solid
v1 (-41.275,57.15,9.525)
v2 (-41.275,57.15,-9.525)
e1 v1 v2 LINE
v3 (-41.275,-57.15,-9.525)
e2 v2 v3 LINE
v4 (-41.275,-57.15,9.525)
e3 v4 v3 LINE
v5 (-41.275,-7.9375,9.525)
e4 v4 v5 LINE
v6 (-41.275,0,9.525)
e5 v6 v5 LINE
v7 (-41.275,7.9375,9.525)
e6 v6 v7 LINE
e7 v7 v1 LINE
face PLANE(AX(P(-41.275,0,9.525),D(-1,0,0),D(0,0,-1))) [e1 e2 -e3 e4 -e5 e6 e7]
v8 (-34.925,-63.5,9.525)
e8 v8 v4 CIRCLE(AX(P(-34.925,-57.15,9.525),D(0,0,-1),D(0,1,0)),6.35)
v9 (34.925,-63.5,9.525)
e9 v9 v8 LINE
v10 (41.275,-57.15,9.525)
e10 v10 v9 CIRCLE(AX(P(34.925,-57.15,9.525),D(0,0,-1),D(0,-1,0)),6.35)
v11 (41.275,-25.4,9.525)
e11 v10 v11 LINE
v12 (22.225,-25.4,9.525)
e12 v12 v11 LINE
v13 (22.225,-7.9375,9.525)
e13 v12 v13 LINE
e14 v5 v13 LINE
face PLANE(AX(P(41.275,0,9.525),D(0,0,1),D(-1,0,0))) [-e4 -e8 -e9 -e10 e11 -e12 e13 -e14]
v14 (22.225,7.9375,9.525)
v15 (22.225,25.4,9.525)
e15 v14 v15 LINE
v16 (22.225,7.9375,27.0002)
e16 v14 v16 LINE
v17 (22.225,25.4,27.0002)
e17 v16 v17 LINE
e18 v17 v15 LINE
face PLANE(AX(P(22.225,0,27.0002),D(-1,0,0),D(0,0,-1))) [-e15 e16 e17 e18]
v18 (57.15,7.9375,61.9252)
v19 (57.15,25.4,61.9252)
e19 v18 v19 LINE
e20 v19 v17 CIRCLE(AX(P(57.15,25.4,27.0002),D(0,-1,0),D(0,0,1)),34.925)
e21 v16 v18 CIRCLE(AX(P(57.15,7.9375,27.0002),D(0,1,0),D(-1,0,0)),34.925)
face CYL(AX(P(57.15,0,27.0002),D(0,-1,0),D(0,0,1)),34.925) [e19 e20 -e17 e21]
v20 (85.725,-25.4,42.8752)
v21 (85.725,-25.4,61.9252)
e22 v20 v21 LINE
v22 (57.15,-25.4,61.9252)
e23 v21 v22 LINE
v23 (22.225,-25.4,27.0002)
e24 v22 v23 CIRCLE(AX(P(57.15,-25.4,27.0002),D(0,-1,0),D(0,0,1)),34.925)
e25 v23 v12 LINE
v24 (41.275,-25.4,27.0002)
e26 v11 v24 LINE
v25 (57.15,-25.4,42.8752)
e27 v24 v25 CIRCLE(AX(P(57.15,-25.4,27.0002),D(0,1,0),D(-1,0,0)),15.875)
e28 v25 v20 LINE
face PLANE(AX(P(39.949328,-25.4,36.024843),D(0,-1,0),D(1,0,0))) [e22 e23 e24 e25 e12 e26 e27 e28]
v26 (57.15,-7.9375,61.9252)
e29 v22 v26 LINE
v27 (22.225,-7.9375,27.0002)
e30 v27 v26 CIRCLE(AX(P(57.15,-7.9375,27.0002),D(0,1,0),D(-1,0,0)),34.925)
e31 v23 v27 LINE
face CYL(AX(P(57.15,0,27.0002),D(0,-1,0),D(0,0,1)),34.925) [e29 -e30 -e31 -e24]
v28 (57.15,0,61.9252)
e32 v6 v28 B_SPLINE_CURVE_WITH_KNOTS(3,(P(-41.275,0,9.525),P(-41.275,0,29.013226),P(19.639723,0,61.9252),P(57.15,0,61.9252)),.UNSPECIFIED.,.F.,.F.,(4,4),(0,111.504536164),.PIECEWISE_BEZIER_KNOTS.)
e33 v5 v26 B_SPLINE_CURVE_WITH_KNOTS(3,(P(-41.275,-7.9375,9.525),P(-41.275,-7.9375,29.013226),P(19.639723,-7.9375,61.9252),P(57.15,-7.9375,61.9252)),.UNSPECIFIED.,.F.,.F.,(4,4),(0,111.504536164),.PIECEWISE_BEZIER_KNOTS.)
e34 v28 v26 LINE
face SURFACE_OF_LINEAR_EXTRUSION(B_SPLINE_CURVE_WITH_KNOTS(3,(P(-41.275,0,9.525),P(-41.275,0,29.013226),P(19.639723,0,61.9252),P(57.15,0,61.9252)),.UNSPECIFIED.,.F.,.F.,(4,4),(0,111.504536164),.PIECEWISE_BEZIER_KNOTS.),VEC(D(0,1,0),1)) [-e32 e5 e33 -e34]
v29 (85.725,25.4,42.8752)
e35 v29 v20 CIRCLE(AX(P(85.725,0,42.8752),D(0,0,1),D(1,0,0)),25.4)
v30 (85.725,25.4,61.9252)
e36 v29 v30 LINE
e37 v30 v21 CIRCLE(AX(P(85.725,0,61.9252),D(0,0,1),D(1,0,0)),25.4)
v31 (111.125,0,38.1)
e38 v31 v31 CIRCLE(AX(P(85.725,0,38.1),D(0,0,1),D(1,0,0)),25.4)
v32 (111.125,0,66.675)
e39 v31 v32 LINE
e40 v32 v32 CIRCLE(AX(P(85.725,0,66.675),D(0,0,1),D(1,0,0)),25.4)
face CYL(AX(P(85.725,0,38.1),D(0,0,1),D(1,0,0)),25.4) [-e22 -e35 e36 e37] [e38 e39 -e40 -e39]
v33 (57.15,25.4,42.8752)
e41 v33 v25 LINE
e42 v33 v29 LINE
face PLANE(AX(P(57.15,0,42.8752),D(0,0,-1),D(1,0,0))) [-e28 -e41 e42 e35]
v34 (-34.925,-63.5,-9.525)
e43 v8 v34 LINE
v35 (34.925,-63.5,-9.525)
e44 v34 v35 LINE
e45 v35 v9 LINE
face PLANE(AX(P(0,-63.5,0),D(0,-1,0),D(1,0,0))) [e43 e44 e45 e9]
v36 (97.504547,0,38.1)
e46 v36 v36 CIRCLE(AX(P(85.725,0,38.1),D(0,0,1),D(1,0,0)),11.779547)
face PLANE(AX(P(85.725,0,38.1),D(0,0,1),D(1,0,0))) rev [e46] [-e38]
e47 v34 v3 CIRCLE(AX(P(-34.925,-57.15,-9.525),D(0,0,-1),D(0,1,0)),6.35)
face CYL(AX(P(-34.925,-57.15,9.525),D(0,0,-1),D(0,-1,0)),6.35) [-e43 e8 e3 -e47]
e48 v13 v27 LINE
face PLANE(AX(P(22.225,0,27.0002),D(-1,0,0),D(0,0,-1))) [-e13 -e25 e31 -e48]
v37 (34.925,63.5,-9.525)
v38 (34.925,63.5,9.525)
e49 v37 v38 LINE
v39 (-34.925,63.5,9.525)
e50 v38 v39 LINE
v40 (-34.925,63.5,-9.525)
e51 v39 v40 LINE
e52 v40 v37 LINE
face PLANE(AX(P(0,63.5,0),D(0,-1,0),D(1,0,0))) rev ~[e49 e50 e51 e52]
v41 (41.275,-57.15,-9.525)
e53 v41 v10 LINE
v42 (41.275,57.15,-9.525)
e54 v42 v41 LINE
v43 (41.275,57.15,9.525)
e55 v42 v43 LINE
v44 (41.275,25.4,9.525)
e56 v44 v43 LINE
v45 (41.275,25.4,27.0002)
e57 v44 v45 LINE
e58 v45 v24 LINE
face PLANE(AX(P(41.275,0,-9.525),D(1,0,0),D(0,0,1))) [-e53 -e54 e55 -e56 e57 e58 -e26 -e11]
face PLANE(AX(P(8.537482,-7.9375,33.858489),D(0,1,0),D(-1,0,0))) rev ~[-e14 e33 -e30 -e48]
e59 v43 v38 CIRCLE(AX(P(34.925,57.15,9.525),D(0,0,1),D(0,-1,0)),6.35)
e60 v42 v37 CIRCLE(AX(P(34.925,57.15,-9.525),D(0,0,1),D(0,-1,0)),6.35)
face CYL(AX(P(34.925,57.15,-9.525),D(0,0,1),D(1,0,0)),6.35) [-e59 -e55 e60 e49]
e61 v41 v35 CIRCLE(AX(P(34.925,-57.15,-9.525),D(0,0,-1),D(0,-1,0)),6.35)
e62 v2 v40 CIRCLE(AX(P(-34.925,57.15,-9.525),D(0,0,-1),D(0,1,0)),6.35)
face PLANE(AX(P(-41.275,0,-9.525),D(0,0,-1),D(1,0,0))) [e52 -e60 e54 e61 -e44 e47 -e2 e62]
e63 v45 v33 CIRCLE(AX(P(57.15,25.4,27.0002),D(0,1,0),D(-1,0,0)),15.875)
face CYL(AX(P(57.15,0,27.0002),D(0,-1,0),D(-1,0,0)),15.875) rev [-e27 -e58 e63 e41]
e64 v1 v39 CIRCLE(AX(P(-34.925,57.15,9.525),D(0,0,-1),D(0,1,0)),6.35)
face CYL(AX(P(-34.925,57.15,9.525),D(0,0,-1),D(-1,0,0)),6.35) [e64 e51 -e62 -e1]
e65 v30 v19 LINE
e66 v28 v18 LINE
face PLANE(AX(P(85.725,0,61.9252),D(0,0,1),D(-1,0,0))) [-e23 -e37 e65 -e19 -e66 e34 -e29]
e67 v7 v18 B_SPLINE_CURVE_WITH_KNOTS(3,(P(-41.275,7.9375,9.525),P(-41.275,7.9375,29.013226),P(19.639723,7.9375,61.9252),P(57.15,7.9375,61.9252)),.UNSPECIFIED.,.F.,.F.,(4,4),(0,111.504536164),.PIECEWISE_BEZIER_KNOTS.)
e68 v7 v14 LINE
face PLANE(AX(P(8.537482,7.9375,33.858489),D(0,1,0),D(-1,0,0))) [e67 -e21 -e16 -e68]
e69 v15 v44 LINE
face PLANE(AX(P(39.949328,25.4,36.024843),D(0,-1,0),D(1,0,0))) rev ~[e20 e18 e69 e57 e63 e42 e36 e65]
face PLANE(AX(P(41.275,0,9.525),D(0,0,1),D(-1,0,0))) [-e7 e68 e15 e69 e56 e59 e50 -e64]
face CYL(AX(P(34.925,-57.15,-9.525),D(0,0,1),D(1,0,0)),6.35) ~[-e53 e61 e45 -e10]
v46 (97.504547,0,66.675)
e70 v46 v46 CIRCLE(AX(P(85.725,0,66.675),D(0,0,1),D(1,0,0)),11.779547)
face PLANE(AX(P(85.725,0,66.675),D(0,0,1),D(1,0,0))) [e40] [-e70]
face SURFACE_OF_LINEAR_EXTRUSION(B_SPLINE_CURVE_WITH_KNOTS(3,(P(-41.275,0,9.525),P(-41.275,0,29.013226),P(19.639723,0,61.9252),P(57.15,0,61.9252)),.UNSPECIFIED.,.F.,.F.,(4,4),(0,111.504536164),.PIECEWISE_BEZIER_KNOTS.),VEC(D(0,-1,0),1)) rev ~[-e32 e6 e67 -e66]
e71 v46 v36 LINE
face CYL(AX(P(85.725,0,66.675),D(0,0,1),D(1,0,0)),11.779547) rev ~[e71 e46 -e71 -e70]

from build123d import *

# Parameters (mm, degrees)
F1_DEPTH = 63.5
F0_W     = 25.4
F0_H     = 19.05
F2_DEPTH = 25.4
F3_DEPTH = 7.9375
F5_R     = 6.35
F6_R     = 11.7795473759
F7_DEPTH = 28.575


with BuildPart() as f1:
    # F0 (on Front) → F1 (new body, symmetric)
    with BuildSketch(Plane.XZ):
        Polygon((-41.275, 9.525), (-41.275, -9.525), (41.275, -9.525), (41.275, 9.525), (22.225, 9.525), align=None)
    extrude(amount=F1_DEPTH, both=True)

    # F0 (on Front) → F2 (join, symmetric)
    with BuildSketch(Plane.XZ):
        with BuildLine():
            Line((22.225, 9.525), (41.275, 9.525))
            Line((41.275, 9.525), (41.275, 27.0002))
            ThreePointArc((41.275, 27.0002), (45.9246798487, 38.2255201513), (57.15, 42.8752))
            Line((57.15, 42.8752), (60.325, 42.8752))
            Line((60.325, 42.8752), (60.325, 61.9252))
            Line((60.325, 61.9252), (57.15, 61.9252))
            ThreePointArc((57.15, 61.9252), (32.4542956671, 51.6959043329), (22.225, 27.0002))
            Line((22.225, 27.0002), (22.225, 9.525))
        make_face()
        with Locations((73.025, 52.4002)):
            Rectangle(F0_W, F0_H)
    extrude(amount=F2_DEPTH, both=True)

    # F0 (on Front) → F3 (join, symmetric)
    with BuildSketch(Plane.XZ):
        with BuildLine():
            add(Edge.make_bspline(
                [(-41.275, 9.525), (-41.275, 29.0132258087), (19.6397230029, 61.9252), (57.15, 61.9252)],
                knots=[0, 0, 0, 0, 111.5045361635, 111.5045361635, 111.5045361635, 111.5045361635], degree=3))
            Line((-41.275, 9.525), (22.225, 9.525))
            Line((22.225, 9.525), (22.225, 27.0002))
            ThreePointArc((22.225, 27.0002), (32.4542956671, 51.6959043329), (57.15, 61.9252))
        make_face()
    extrude(amount=F3_DEPTH, both=True)

    # F0 (on Front) → F4 (revolve)
    with BuildSketch(Plane.XZ):
        Polygon((85.725, 66.675), (85.725, 61.9252), (85.725, 42.8752), (85.725, 38.1), (111.125, 38.1), (111.125, 66.675), align=None)
    revolve(axis=Axis((85.725, 0, 52.3875), (0, 0, 1)))

    # F5
    f5_edges = [f1.edges().sort_by_distance(p)[0] for p in [
        (41.275, -63.5, 0),
        (-41.275, -63.5, 0),
        (-41.275, 63.5, 0),
        (41.275, 63.5, 0),
    ]]
    fillet(f5_edges, radius=F5_R)

    # F6 (on face) → F7 (cut, through all)
    with BuildSketch(Plane.XY.offset(66.675)):
        with Locations((85.725, 0)):
            Circle(F6_R)
    extrude(amount=-F7_DEPTH, mode=Mode.SUBTRACT)


solid = f1.part
